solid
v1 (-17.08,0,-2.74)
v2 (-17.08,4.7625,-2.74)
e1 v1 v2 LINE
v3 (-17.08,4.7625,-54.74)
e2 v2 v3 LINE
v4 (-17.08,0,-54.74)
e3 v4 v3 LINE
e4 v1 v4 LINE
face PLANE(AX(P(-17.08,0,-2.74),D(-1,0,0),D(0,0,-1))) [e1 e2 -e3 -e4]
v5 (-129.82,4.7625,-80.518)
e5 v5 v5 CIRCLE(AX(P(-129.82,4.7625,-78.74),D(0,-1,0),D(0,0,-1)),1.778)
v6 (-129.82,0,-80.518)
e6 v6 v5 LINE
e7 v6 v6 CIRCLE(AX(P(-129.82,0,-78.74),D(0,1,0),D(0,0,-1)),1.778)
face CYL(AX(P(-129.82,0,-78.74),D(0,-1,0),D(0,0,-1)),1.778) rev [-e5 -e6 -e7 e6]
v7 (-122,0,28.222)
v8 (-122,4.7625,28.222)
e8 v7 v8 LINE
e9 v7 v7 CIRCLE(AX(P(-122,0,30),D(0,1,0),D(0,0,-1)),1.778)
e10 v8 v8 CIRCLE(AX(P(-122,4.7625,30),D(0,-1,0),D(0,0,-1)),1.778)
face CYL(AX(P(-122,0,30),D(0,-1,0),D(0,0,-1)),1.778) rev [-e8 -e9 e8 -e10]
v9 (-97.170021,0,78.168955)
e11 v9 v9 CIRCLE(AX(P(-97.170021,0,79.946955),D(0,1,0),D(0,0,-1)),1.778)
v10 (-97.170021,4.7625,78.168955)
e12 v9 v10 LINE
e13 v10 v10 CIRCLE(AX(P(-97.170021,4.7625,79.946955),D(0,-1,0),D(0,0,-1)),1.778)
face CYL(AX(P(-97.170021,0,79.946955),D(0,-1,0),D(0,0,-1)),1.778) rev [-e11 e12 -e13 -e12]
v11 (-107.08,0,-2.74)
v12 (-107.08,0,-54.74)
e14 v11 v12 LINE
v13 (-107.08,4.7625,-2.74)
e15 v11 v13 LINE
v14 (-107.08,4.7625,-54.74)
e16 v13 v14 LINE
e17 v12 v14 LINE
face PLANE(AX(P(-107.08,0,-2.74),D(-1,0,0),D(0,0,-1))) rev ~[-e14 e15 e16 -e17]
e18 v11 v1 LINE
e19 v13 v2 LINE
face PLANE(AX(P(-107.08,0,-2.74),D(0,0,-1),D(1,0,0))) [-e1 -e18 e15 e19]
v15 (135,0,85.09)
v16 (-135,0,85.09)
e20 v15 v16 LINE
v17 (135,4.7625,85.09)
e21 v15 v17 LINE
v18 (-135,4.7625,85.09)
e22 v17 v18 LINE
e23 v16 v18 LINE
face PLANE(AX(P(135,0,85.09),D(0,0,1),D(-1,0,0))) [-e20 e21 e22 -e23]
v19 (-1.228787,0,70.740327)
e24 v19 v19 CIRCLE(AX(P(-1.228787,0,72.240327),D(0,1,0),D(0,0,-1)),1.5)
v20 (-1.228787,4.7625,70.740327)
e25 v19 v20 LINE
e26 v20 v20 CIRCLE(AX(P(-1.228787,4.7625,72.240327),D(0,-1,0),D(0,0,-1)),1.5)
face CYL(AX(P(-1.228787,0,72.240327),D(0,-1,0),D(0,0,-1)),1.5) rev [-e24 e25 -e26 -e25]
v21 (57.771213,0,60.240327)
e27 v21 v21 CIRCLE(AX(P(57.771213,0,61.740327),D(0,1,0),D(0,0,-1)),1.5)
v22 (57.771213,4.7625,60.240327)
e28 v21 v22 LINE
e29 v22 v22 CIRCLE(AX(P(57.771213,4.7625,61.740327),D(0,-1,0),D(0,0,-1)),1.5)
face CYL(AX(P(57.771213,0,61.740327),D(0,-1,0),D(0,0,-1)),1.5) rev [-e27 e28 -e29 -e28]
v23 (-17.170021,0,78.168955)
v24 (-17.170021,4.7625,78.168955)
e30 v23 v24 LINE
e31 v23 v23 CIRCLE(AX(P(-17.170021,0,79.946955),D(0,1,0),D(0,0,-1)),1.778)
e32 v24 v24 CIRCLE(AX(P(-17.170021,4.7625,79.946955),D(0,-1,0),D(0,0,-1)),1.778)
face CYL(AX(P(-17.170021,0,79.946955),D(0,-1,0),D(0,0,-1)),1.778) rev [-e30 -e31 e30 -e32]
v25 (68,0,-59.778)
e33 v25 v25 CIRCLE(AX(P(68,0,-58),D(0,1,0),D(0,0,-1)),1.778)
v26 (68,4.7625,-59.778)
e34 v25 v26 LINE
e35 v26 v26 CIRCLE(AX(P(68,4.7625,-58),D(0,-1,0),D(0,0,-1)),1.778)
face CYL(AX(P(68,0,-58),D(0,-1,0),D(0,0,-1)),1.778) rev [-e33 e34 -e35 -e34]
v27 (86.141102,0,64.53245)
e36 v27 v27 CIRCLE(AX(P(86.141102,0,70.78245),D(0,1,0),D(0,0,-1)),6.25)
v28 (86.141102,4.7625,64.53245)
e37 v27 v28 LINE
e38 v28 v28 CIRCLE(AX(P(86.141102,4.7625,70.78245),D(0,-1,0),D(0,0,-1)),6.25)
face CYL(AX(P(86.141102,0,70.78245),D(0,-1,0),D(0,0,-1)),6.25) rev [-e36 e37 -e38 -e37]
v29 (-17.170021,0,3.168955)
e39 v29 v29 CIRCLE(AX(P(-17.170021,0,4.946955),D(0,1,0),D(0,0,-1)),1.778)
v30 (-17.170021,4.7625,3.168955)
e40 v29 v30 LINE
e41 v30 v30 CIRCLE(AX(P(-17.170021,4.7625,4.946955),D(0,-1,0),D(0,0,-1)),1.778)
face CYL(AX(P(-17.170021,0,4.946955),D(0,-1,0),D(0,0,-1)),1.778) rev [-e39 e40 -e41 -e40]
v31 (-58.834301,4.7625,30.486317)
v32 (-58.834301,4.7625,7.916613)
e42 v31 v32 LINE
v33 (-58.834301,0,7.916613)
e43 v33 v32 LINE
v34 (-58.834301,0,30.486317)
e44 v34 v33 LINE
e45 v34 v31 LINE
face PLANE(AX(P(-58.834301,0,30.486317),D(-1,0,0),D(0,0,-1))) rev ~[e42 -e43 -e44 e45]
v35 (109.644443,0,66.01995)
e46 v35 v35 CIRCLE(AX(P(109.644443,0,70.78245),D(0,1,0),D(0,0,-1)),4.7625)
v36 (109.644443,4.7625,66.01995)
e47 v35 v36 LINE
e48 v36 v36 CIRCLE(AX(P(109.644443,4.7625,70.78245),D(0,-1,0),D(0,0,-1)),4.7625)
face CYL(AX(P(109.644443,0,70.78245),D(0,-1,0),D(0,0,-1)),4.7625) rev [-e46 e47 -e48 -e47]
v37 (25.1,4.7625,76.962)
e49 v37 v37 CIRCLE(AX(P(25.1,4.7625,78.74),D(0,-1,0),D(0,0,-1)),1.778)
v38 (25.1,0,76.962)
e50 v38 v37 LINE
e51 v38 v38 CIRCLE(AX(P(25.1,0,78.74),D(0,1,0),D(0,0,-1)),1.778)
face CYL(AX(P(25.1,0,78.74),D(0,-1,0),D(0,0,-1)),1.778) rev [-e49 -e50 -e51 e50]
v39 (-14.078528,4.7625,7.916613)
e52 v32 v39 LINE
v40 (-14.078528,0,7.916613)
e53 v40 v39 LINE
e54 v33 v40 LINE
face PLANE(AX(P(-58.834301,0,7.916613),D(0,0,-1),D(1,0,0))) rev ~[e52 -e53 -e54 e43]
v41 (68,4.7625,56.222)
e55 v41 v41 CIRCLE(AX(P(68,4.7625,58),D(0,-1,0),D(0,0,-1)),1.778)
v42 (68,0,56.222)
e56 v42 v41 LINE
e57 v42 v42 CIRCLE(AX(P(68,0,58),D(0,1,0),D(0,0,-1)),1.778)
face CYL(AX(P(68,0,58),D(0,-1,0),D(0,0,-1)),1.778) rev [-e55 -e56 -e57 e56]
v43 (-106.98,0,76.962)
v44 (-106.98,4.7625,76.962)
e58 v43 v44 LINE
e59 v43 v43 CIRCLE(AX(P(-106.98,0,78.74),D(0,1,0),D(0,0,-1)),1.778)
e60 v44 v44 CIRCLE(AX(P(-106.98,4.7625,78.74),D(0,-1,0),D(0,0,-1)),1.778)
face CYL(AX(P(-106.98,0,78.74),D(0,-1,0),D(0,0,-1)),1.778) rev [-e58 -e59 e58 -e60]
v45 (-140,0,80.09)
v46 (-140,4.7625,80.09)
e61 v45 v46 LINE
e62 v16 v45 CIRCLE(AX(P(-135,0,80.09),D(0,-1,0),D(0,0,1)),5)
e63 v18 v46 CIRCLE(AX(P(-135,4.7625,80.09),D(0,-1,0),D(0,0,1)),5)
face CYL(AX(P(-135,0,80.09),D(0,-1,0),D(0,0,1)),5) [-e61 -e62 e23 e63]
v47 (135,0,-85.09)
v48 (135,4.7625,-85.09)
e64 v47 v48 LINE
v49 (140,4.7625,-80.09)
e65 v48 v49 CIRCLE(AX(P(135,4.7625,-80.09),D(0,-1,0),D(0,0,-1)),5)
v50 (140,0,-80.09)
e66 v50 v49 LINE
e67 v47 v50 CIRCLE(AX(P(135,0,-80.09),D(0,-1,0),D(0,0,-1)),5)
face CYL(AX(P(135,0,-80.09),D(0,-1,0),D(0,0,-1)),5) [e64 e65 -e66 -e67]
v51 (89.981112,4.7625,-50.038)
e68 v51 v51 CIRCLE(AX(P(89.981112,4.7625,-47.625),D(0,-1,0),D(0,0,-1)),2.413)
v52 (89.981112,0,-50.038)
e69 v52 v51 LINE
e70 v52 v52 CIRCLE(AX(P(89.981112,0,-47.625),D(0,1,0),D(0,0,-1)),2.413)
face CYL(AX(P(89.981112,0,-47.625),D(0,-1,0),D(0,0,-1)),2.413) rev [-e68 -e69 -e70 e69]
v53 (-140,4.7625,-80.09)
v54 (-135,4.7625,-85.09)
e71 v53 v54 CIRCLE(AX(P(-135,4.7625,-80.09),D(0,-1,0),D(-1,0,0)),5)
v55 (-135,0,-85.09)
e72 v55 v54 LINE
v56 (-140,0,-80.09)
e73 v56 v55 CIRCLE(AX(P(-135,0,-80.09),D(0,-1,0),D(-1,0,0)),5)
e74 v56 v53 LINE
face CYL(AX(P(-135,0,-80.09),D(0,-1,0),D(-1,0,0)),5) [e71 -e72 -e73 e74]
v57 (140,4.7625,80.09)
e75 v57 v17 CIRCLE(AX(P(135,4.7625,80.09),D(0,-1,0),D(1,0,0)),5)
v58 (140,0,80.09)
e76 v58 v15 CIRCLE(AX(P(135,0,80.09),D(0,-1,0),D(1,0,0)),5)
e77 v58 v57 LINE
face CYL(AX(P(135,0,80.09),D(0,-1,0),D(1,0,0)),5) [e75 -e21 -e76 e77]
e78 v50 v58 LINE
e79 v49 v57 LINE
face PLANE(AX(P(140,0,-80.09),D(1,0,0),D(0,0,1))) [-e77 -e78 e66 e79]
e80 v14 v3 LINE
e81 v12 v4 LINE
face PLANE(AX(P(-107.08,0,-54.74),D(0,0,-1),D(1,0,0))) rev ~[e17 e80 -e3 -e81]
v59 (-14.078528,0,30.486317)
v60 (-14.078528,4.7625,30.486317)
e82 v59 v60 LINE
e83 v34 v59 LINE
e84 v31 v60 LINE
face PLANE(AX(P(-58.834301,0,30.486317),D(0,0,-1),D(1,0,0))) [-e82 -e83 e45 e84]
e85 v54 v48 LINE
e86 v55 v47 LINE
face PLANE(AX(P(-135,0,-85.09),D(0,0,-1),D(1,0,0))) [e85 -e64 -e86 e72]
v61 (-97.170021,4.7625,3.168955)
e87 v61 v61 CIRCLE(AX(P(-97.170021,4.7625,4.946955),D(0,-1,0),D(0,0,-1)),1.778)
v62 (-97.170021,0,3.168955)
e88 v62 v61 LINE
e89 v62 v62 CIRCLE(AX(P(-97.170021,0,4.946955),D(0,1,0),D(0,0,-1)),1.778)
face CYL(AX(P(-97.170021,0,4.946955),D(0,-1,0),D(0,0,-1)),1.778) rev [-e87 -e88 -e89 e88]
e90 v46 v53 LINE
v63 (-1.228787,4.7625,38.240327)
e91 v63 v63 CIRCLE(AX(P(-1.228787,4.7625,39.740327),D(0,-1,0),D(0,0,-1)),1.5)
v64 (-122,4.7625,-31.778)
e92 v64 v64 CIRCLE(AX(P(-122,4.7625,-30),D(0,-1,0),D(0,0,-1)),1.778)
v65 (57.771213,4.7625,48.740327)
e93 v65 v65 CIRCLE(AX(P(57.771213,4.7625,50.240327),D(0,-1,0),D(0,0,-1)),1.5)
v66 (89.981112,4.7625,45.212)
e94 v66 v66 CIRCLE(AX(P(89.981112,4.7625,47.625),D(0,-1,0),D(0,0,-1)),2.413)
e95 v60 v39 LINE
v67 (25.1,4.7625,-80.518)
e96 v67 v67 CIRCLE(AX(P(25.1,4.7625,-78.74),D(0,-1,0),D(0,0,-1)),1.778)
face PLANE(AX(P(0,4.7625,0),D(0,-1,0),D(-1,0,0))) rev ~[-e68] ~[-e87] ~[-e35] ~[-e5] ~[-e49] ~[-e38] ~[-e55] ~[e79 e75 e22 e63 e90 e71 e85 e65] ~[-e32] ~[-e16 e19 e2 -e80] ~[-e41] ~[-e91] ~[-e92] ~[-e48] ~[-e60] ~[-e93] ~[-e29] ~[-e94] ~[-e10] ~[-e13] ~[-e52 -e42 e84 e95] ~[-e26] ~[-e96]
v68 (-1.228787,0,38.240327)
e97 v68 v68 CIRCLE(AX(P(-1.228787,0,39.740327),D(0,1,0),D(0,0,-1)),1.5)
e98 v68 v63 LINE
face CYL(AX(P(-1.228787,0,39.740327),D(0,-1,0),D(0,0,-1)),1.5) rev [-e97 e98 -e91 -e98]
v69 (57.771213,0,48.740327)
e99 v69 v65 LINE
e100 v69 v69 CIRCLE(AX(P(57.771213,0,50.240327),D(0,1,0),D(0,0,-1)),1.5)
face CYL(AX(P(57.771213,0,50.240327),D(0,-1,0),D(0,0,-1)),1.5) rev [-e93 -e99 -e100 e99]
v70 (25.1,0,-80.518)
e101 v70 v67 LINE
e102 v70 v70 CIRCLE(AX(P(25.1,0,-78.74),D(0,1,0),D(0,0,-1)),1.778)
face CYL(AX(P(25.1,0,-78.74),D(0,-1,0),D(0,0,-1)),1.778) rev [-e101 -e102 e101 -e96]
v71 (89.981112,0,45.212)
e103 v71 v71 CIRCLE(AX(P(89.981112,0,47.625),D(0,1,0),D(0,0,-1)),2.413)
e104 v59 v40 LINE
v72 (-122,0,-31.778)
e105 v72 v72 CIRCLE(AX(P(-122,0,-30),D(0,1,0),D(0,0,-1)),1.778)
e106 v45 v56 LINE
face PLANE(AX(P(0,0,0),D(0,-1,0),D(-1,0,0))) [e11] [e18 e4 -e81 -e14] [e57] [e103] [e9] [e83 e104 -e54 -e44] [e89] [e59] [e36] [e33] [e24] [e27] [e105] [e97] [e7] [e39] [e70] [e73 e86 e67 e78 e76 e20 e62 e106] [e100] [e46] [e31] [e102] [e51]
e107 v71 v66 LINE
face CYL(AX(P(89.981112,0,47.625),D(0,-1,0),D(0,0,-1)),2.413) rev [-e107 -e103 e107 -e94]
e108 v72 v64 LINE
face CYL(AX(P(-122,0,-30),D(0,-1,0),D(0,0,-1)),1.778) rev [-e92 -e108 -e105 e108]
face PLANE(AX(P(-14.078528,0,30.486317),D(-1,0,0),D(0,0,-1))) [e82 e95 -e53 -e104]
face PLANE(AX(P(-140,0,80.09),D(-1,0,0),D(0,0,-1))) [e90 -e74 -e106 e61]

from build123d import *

# Parameters (mm, degrees)
BOSS_EXTRUDE1_DEPTH          = 4.7625
SKETCH2_R                    = 1.778
CHASSIS_STANDOFF_DEPTH       = 164.899327351
SKETCH3_R                    = 1.5
VESC_DEPTH                   = 164.899327351
SKETCH13_R                   = 1.778
SKETCH13_W                   = 44.755773095
SKETCH13_H                   = 22.569704292
PCB_DEPTH                    = 164.899327351
SKETCH6_W                    = 90
SKETCH6_H                    = 52
JETSON_DEPTH                 = 164.899327351
SKETCH12_R                   = 1.778
TOP_PLATE_STANDOFF_DEPTH     = 164.899327351
SKETCH14_R                   = 2.413
VELODYNE_INTERFACE_BOX_DEPTH = 164.899327351
SKETCH16_R                   = 6.25
SKETCH16_R_2                 = 4.7625
SWITCH_DEPTH                 = 164.899327351


with BuildPart() as part:
    # Sketch1 → Boss-Extrude1 (new body)
    with BuildSketch(Plane(origin=(0, 0, 0), x_dir=(1, 0, 0), z_dir=(0, 1, 0))):
        with BuildLine():
            Line((-135, 85.09), (135, 85.09))
            ThreePointArc((135, 85.09), (138.535533906, 83.625533906), (140, 80.09))
            Line((140, 80.09), (140, -80.09))
            ThreePointArc((140, -80.09), (138.535533906, -83.625533906), (135, -85.09))
            Line((135, -85.09), (-135, -85.09))
            ThreePointArc((-135, -85.09), (-138.535533906, -83.625533906), (-140, -80.09))
            Line((-140, -80.09), (-140, 80.09))
            ThreePointArc((-140, 80.09), (-138.535533906, 83.625533906), (-135, 85.09))
        make_face()
    extrude(amount=BOSS_EXTRUDE1_DEPTH)

    # Sketch2 → chassis standoff (cut, through all)
    with BuildSketch(Plane(origin=(0, 0, 0), x_dir=(1, 0, 0), z_dir=(0, 1, 0))):
        with Locations(Location((68, 58, 0), (0, 0, 90))):
            Circle(SKETCH2_R)
        with Locations(Location((68, -58, 0), (0, 0, 90))):
            Circle(SKETCH2_R)
        with Locations(Location((-122, 30, 0), (0, 0, 90))):
            Circle(SKETCH2_R)
        with Locations(Location((-122, -30, 0), (0, 0, 90))):
            Circle(SKETCH2_R)
    extrude(amount=CHASSIS_STANDOFF_DEPTH, mode=Mode.SUBTRACT)

    # Sketch3 → vesc (cut, through all)
    with BuildSketch(Plane(origin=(0, 0, 0), x_dir=(1, 0, 0), z_dir=(0, 1, 0))):
        with Locations(Location((57.771213393, -50.24032748, 0), (0, 0, 90))):
            Circle(SKETCH3_R)
        with Locations(Location((57.771213393, -61.74032748, 0), (0, 0, 90))):
            Circle(SKETCH3_R)
        with Locations(Location((-1.228786607, -39.74032748, 0), (0, 0, 90))):
            Circle(SKETCH3_R)
        with Locations(Location((-1.228786607, -72.24032748, 0), (0, 0, 90))):
            Circle(SKETCH3_R)
    extrude(amount=VESC_DEPTH, mode=Mode.SUBTRACT)

    # Sketch13 → pcb (cut, through all)
    with BuildSketch(Plane(origin=(0, 0, 0), x_dir=(1, 0, 0), z_dir=(0, 1, 0))):
        with Locations(Location((-97.170021332, -4.946954695, 0), (0, 0, 90))):
            Circle(SKETCH13_R)
        with Locations(Location((-17.170021332, -4.946954695, 0), (0, 0, 90))):
            Circle(SKETCH13_R)
        with Locations(Location((-17.170021332, -79.946954695, 0), (0, 0, 90))):
            Circle(SKETCH13_R)
        with Locations(Location((-97.170021332, -79.946954695, 0), (0, 0, 90))):
            Circle(SKETCH13_R)
        with Locations((-36.456414677, -19.201465216)):
            Rectangle(SKETCH13_W, SKETCH13_H)
    extrude(amount=PCB_DEPTH, mode=Mode.SUBTRACT)

    # Sketch6 → jetson (cut, through all)
    with BuildSketch(Plane(origin=(0, 0, 0), x_dir=(1, 0, 0), z_dir=(0, 1, 0))):
        with Locations((-62.08, 28.74)):
            Rectangle(SKETCH6_W, SKETCH6_H)
    extrude(amount=JETSON_DEPTH, mode=Mode.SUBTRACT)

    # Sketch12 → top plate standoff (cut, through all)
    with BuildSketch(Plane(origin=(0, 0, 0), x_dir=(1, 0, 0), z_dir=(0, 1, 0))):
        with Locations(Location((-129.82, 78.74, 0), (0, 0, 90))):
            Circle(SKETCH12_R)
        with Locations(Location((-106.98, -78.74, 0), (0, 0, 90))):
            Circle(SKETCH12_R)
        with Locations(Location((25.1, 78.74, 0), (0, 0, 90))):
            Circle(SKETCH12_R)
        with Locations(Location((25.1, -78.74, 0), (0, 0, 90))):
            Circle(SKETCH12_R)
    extrude(amount=TOP_PLATE_STANDOFF_DEPTH, mode=Mode.SUBTRACT)

    # Sketch14 → velodyne interface box (cut, through all)
    with BuildSketch(Plane(origin=(0, 0, 0), x_dir=(1, 0, 0), z_dir=(0, 1, 0))):
        with Locations(Location((89.981111903, 47.625, 0), (0, 0, 90))):
            Circle(SKETCH14_R)
        with Locations(Location((89.981111903, -47.625, 0), (0, 0, 90))):
            Circle(SKETCH14_R)
    extrude(amount=VELODYNE_INTERFACE_BOX_DEPTH, mode=Mode.SUBTRACT)

    # Sketch16 → switch (cut, through all)
    with BuildSketch(Plane(origin=(0, 0, 0), x_dir=(1, 0, 0), z_dir=(0, 1, 0))):
        with Locations(Location((86.14110244, -70.782450254, 0), (0, 0, 90))):
            Circle(SKETCH16_R)
        with Locations(Location((109.644443051, -70.782450254, 0), (0, 0, 90))):
            Circle(SKETCH16_R_2)
    extrude(amount=SWITCH_DEPTH, mode=Mode.SUBTRACT)


solid = part.part
